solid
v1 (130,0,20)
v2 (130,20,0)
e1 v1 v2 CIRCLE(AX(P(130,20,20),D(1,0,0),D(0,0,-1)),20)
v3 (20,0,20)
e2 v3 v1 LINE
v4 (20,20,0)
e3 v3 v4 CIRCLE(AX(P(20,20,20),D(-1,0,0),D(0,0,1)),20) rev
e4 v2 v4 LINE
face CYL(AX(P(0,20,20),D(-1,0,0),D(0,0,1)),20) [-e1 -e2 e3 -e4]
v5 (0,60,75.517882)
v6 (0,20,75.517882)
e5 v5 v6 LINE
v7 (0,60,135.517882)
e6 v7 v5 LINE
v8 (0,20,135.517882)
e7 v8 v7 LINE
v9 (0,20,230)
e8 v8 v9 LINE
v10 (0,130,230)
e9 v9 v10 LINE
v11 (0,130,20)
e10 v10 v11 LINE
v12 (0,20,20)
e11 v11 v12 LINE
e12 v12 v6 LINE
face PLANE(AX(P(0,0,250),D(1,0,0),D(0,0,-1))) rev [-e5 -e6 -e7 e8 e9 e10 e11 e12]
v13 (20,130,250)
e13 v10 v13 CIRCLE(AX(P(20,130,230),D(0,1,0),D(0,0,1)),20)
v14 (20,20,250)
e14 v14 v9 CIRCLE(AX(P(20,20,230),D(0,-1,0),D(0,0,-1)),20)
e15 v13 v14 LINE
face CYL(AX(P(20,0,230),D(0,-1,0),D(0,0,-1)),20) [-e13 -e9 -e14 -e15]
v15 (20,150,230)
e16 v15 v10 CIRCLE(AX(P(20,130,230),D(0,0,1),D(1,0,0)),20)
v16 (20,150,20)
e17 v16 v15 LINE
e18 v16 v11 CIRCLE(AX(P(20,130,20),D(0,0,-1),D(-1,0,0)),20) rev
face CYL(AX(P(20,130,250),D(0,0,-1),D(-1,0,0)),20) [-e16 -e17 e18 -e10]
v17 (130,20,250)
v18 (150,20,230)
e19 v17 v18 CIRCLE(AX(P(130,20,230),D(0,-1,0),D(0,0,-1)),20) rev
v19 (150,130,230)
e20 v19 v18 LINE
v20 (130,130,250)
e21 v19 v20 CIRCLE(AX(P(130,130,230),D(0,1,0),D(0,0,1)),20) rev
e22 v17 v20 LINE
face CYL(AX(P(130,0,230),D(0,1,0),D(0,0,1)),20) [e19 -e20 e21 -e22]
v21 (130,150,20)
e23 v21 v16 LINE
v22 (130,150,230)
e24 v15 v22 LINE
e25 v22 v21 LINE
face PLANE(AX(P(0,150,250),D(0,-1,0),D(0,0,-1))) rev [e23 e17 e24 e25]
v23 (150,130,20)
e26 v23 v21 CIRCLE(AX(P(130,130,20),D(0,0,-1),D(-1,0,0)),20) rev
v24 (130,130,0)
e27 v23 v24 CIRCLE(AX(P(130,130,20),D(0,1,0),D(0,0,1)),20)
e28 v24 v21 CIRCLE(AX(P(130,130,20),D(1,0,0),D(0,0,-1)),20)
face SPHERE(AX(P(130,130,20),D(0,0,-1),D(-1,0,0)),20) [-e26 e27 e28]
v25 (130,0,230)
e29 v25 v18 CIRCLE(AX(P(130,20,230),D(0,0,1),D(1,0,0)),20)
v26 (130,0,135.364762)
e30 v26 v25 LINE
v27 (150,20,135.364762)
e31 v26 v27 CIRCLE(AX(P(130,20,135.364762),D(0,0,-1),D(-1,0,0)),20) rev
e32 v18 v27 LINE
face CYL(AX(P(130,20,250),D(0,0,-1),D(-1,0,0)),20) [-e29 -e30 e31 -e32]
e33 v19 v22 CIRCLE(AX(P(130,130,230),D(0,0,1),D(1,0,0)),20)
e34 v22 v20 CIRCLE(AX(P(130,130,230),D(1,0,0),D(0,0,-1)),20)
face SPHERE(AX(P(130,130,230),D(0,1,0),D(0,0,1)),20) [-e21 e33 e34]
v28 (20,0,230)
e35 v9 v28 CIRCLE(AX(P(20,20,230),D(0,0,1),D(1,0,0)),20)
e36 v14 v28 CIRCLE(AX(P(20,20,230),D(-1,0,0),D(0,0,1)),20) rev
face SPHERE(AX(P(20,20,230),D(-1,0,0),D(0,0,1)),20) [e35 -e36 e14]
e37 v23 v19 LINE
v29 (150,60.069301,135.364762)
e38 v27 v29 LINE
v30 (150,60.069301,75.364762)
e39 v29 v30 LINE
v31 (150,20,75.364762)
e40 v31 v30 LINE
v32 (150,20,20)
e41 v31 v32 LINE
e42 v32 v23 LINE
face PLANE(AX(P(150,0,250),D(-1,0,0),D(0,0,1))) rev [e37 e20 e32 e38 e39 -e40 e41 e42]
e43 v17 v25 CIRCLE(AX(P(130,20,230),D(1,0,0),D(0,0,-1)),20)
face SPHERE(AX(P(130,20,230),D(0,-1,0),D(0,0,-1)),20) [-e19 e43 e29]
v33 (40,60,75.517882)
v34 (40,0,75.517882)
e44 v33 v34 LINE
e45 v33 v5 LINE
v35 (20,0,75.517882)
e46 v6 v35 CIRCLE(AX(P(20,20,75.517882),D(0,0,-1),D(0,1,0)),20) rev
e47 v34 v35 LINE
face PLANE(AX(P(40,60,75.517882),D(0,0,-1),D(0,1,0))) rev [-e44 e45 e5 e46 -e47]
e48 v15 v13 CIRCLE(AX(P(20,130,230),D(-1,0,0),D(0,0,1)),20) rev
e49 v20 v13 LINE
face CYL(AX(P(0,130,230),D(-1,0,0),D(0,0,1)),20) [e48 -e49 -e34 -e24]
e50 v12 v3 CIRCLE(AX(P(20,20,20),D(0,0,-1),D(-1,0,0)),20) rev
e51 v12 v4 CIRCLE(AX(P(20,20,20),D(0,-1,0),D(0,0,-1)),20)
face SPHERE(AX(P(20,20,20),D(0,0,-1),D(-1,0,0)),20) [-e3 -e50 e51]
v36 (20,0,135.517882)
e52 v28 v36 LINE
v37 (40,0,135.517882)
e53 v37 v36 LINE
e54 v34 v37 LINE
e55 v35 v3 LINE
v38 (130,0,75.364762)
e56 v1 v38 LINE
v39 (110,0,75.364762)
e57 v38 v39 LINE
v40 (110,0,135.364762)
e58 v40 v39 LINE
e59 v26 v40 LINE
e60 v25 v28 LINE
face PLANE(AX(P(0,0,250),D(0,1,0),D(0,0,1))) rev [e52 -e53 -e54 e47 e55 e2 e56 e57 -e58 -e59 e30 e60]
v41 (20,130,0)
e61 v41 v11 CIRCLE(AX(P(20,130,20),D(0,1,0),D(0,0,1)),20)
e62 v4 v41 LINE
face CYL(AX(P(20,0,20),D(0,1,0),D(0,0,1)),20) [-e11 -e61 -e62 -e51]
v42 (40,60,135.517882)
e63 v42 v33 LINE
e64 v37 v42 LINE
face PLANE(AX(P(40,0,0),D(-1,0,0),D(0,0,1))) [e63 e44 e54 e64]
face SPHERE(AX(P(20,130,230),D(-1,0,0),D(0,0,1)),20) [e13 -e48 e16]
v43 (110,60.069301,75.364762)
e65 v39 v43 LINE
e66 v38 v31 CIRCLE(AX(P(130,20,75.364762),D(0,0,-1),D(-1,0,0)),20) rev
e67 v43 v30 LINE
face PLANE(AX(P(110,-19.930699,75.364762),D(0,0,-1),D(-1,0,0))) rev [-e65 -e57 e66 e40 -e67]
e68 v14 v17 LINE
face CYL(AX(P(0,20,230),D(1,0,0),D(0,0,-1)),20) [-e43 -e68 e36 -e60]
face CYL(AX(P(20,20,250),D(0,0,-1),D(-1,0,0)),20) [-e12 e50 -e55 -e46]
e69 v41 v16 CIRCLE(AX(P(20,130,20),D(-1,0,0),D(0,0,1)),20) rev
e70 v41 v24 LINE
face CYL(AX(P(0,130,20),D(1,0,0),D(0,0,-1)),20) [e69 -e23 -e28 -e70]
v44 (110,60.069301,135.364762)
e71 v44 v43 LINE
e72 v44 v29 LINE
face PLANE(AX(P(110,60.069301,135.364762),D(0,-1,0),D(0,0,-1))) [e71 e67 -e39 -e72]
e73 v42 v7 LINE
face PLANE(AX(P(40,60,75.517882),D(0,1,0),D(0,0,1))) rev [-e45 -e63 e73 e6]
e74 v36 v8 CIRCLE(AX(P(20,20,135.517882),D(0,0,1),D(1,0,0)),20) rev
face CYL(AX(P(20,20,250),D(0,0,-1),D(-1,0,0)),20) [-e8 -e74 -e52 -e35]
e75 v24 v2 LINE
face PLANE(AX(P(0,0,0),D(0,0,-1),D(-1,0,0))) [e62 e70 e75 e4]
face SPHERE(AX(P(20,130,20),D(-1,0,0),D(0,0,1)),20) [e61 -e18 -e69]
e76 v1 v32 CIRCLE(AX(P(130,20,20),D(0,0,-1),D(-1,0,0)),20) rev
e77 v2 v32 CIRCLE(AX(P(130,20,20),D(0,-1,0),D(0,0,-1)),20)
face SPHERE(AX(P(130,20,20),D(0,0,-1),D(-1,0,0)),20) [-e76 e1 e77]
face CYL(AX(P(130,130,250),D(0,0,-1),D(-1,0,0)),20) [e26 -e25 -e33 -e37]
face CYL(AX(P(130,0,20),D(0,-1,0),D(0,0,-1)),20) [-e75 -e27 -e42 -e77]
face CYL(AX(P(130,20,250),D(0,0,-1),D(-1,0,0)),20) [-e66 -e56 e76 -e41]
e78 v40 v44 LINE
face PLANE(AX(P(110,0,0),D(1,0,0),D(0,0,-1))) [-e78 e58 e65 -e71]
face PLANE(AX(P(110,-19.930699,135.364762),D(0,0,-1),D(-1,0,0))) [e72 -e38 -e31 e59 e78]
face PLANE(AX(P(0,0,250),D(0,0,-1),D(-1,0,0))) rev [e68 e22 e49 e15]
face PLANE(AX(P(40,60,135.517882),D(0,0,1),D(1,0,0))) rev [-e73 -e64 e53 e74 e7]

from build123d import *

# Parameters (mm, degrees)
ESQUISSE1_W             = 150
ESQUISSE1_H             = 150
BOSS_EXTRU_1_DEPTH      = 250
CONG_1_R                = 20
ESQUISSE2_W             = 60
ESQUISSE2_H             = 80
ENL_V_MAT_EXTRU_1_DEPTH = 40
ESQUISSE4_W             = 60
ESQUISSE4_H             = 60
ENL_V_MAT_EXTRU_2_DEPTH = 40


with BuildPart() as part:
    # Esquisse1 → Boss.-Extru.1 (new body)
    with BuildSketch(Plane.XY):
        with Locations((75, 75)):
            Rectangle(ESQUISSE1_W, ESQUISSE1_H)
    extrude(amount=BOSS_EXTRU_1_DEPTH)

    # Congé1
    cong_1_edges = [part.edges().sort_by_distance(p)[0] for p in [
        (150, 75, 250),
        (75, 150, 250),
        (0, 75, 250),
        (75, 150, 0),
        (150, 75, 0),
        (75, 0, 0),
        (0, 75, 0),
        (0, 150, 125),
        (150, 150, 125),
        (150, 0, 125),
        (0, 0, 125),
        (75, 0, 250),
    ]]
    fillet(cong_1_edges, radius=CONG_1_R)

    # Esquisse2 → Enlèv. mat.-Extru.1 (cut)
    with BuildSketch(Plane(origin=(150, 0, 0), x_dir=(0, 0, -1), z_dir=(1, 0, 0))):
        with Locations((-105.364762055, 20.069300744)):
            Rectangle(ESQUISSE2_W, ESQUISSE2_H)
    extrude(amount=-ENL_V_MAT_EXTRU_1_DEPTH, mode=Mode.SUBTRACT)

    # Esquisse4 → Enlèv. mat.-Extru.2 (cut)
    with BuildSketch(Plane.ZY):
        with Locations((105.517882432, 30)):
            Rectangle(ESQUISSE4_W, ESQUISSE4_H)
    extrude(amount=-ENL_V_MAT_EXTRU_2_DEPTH, mode=Mode.SUBTRACT)


solid = part.part
